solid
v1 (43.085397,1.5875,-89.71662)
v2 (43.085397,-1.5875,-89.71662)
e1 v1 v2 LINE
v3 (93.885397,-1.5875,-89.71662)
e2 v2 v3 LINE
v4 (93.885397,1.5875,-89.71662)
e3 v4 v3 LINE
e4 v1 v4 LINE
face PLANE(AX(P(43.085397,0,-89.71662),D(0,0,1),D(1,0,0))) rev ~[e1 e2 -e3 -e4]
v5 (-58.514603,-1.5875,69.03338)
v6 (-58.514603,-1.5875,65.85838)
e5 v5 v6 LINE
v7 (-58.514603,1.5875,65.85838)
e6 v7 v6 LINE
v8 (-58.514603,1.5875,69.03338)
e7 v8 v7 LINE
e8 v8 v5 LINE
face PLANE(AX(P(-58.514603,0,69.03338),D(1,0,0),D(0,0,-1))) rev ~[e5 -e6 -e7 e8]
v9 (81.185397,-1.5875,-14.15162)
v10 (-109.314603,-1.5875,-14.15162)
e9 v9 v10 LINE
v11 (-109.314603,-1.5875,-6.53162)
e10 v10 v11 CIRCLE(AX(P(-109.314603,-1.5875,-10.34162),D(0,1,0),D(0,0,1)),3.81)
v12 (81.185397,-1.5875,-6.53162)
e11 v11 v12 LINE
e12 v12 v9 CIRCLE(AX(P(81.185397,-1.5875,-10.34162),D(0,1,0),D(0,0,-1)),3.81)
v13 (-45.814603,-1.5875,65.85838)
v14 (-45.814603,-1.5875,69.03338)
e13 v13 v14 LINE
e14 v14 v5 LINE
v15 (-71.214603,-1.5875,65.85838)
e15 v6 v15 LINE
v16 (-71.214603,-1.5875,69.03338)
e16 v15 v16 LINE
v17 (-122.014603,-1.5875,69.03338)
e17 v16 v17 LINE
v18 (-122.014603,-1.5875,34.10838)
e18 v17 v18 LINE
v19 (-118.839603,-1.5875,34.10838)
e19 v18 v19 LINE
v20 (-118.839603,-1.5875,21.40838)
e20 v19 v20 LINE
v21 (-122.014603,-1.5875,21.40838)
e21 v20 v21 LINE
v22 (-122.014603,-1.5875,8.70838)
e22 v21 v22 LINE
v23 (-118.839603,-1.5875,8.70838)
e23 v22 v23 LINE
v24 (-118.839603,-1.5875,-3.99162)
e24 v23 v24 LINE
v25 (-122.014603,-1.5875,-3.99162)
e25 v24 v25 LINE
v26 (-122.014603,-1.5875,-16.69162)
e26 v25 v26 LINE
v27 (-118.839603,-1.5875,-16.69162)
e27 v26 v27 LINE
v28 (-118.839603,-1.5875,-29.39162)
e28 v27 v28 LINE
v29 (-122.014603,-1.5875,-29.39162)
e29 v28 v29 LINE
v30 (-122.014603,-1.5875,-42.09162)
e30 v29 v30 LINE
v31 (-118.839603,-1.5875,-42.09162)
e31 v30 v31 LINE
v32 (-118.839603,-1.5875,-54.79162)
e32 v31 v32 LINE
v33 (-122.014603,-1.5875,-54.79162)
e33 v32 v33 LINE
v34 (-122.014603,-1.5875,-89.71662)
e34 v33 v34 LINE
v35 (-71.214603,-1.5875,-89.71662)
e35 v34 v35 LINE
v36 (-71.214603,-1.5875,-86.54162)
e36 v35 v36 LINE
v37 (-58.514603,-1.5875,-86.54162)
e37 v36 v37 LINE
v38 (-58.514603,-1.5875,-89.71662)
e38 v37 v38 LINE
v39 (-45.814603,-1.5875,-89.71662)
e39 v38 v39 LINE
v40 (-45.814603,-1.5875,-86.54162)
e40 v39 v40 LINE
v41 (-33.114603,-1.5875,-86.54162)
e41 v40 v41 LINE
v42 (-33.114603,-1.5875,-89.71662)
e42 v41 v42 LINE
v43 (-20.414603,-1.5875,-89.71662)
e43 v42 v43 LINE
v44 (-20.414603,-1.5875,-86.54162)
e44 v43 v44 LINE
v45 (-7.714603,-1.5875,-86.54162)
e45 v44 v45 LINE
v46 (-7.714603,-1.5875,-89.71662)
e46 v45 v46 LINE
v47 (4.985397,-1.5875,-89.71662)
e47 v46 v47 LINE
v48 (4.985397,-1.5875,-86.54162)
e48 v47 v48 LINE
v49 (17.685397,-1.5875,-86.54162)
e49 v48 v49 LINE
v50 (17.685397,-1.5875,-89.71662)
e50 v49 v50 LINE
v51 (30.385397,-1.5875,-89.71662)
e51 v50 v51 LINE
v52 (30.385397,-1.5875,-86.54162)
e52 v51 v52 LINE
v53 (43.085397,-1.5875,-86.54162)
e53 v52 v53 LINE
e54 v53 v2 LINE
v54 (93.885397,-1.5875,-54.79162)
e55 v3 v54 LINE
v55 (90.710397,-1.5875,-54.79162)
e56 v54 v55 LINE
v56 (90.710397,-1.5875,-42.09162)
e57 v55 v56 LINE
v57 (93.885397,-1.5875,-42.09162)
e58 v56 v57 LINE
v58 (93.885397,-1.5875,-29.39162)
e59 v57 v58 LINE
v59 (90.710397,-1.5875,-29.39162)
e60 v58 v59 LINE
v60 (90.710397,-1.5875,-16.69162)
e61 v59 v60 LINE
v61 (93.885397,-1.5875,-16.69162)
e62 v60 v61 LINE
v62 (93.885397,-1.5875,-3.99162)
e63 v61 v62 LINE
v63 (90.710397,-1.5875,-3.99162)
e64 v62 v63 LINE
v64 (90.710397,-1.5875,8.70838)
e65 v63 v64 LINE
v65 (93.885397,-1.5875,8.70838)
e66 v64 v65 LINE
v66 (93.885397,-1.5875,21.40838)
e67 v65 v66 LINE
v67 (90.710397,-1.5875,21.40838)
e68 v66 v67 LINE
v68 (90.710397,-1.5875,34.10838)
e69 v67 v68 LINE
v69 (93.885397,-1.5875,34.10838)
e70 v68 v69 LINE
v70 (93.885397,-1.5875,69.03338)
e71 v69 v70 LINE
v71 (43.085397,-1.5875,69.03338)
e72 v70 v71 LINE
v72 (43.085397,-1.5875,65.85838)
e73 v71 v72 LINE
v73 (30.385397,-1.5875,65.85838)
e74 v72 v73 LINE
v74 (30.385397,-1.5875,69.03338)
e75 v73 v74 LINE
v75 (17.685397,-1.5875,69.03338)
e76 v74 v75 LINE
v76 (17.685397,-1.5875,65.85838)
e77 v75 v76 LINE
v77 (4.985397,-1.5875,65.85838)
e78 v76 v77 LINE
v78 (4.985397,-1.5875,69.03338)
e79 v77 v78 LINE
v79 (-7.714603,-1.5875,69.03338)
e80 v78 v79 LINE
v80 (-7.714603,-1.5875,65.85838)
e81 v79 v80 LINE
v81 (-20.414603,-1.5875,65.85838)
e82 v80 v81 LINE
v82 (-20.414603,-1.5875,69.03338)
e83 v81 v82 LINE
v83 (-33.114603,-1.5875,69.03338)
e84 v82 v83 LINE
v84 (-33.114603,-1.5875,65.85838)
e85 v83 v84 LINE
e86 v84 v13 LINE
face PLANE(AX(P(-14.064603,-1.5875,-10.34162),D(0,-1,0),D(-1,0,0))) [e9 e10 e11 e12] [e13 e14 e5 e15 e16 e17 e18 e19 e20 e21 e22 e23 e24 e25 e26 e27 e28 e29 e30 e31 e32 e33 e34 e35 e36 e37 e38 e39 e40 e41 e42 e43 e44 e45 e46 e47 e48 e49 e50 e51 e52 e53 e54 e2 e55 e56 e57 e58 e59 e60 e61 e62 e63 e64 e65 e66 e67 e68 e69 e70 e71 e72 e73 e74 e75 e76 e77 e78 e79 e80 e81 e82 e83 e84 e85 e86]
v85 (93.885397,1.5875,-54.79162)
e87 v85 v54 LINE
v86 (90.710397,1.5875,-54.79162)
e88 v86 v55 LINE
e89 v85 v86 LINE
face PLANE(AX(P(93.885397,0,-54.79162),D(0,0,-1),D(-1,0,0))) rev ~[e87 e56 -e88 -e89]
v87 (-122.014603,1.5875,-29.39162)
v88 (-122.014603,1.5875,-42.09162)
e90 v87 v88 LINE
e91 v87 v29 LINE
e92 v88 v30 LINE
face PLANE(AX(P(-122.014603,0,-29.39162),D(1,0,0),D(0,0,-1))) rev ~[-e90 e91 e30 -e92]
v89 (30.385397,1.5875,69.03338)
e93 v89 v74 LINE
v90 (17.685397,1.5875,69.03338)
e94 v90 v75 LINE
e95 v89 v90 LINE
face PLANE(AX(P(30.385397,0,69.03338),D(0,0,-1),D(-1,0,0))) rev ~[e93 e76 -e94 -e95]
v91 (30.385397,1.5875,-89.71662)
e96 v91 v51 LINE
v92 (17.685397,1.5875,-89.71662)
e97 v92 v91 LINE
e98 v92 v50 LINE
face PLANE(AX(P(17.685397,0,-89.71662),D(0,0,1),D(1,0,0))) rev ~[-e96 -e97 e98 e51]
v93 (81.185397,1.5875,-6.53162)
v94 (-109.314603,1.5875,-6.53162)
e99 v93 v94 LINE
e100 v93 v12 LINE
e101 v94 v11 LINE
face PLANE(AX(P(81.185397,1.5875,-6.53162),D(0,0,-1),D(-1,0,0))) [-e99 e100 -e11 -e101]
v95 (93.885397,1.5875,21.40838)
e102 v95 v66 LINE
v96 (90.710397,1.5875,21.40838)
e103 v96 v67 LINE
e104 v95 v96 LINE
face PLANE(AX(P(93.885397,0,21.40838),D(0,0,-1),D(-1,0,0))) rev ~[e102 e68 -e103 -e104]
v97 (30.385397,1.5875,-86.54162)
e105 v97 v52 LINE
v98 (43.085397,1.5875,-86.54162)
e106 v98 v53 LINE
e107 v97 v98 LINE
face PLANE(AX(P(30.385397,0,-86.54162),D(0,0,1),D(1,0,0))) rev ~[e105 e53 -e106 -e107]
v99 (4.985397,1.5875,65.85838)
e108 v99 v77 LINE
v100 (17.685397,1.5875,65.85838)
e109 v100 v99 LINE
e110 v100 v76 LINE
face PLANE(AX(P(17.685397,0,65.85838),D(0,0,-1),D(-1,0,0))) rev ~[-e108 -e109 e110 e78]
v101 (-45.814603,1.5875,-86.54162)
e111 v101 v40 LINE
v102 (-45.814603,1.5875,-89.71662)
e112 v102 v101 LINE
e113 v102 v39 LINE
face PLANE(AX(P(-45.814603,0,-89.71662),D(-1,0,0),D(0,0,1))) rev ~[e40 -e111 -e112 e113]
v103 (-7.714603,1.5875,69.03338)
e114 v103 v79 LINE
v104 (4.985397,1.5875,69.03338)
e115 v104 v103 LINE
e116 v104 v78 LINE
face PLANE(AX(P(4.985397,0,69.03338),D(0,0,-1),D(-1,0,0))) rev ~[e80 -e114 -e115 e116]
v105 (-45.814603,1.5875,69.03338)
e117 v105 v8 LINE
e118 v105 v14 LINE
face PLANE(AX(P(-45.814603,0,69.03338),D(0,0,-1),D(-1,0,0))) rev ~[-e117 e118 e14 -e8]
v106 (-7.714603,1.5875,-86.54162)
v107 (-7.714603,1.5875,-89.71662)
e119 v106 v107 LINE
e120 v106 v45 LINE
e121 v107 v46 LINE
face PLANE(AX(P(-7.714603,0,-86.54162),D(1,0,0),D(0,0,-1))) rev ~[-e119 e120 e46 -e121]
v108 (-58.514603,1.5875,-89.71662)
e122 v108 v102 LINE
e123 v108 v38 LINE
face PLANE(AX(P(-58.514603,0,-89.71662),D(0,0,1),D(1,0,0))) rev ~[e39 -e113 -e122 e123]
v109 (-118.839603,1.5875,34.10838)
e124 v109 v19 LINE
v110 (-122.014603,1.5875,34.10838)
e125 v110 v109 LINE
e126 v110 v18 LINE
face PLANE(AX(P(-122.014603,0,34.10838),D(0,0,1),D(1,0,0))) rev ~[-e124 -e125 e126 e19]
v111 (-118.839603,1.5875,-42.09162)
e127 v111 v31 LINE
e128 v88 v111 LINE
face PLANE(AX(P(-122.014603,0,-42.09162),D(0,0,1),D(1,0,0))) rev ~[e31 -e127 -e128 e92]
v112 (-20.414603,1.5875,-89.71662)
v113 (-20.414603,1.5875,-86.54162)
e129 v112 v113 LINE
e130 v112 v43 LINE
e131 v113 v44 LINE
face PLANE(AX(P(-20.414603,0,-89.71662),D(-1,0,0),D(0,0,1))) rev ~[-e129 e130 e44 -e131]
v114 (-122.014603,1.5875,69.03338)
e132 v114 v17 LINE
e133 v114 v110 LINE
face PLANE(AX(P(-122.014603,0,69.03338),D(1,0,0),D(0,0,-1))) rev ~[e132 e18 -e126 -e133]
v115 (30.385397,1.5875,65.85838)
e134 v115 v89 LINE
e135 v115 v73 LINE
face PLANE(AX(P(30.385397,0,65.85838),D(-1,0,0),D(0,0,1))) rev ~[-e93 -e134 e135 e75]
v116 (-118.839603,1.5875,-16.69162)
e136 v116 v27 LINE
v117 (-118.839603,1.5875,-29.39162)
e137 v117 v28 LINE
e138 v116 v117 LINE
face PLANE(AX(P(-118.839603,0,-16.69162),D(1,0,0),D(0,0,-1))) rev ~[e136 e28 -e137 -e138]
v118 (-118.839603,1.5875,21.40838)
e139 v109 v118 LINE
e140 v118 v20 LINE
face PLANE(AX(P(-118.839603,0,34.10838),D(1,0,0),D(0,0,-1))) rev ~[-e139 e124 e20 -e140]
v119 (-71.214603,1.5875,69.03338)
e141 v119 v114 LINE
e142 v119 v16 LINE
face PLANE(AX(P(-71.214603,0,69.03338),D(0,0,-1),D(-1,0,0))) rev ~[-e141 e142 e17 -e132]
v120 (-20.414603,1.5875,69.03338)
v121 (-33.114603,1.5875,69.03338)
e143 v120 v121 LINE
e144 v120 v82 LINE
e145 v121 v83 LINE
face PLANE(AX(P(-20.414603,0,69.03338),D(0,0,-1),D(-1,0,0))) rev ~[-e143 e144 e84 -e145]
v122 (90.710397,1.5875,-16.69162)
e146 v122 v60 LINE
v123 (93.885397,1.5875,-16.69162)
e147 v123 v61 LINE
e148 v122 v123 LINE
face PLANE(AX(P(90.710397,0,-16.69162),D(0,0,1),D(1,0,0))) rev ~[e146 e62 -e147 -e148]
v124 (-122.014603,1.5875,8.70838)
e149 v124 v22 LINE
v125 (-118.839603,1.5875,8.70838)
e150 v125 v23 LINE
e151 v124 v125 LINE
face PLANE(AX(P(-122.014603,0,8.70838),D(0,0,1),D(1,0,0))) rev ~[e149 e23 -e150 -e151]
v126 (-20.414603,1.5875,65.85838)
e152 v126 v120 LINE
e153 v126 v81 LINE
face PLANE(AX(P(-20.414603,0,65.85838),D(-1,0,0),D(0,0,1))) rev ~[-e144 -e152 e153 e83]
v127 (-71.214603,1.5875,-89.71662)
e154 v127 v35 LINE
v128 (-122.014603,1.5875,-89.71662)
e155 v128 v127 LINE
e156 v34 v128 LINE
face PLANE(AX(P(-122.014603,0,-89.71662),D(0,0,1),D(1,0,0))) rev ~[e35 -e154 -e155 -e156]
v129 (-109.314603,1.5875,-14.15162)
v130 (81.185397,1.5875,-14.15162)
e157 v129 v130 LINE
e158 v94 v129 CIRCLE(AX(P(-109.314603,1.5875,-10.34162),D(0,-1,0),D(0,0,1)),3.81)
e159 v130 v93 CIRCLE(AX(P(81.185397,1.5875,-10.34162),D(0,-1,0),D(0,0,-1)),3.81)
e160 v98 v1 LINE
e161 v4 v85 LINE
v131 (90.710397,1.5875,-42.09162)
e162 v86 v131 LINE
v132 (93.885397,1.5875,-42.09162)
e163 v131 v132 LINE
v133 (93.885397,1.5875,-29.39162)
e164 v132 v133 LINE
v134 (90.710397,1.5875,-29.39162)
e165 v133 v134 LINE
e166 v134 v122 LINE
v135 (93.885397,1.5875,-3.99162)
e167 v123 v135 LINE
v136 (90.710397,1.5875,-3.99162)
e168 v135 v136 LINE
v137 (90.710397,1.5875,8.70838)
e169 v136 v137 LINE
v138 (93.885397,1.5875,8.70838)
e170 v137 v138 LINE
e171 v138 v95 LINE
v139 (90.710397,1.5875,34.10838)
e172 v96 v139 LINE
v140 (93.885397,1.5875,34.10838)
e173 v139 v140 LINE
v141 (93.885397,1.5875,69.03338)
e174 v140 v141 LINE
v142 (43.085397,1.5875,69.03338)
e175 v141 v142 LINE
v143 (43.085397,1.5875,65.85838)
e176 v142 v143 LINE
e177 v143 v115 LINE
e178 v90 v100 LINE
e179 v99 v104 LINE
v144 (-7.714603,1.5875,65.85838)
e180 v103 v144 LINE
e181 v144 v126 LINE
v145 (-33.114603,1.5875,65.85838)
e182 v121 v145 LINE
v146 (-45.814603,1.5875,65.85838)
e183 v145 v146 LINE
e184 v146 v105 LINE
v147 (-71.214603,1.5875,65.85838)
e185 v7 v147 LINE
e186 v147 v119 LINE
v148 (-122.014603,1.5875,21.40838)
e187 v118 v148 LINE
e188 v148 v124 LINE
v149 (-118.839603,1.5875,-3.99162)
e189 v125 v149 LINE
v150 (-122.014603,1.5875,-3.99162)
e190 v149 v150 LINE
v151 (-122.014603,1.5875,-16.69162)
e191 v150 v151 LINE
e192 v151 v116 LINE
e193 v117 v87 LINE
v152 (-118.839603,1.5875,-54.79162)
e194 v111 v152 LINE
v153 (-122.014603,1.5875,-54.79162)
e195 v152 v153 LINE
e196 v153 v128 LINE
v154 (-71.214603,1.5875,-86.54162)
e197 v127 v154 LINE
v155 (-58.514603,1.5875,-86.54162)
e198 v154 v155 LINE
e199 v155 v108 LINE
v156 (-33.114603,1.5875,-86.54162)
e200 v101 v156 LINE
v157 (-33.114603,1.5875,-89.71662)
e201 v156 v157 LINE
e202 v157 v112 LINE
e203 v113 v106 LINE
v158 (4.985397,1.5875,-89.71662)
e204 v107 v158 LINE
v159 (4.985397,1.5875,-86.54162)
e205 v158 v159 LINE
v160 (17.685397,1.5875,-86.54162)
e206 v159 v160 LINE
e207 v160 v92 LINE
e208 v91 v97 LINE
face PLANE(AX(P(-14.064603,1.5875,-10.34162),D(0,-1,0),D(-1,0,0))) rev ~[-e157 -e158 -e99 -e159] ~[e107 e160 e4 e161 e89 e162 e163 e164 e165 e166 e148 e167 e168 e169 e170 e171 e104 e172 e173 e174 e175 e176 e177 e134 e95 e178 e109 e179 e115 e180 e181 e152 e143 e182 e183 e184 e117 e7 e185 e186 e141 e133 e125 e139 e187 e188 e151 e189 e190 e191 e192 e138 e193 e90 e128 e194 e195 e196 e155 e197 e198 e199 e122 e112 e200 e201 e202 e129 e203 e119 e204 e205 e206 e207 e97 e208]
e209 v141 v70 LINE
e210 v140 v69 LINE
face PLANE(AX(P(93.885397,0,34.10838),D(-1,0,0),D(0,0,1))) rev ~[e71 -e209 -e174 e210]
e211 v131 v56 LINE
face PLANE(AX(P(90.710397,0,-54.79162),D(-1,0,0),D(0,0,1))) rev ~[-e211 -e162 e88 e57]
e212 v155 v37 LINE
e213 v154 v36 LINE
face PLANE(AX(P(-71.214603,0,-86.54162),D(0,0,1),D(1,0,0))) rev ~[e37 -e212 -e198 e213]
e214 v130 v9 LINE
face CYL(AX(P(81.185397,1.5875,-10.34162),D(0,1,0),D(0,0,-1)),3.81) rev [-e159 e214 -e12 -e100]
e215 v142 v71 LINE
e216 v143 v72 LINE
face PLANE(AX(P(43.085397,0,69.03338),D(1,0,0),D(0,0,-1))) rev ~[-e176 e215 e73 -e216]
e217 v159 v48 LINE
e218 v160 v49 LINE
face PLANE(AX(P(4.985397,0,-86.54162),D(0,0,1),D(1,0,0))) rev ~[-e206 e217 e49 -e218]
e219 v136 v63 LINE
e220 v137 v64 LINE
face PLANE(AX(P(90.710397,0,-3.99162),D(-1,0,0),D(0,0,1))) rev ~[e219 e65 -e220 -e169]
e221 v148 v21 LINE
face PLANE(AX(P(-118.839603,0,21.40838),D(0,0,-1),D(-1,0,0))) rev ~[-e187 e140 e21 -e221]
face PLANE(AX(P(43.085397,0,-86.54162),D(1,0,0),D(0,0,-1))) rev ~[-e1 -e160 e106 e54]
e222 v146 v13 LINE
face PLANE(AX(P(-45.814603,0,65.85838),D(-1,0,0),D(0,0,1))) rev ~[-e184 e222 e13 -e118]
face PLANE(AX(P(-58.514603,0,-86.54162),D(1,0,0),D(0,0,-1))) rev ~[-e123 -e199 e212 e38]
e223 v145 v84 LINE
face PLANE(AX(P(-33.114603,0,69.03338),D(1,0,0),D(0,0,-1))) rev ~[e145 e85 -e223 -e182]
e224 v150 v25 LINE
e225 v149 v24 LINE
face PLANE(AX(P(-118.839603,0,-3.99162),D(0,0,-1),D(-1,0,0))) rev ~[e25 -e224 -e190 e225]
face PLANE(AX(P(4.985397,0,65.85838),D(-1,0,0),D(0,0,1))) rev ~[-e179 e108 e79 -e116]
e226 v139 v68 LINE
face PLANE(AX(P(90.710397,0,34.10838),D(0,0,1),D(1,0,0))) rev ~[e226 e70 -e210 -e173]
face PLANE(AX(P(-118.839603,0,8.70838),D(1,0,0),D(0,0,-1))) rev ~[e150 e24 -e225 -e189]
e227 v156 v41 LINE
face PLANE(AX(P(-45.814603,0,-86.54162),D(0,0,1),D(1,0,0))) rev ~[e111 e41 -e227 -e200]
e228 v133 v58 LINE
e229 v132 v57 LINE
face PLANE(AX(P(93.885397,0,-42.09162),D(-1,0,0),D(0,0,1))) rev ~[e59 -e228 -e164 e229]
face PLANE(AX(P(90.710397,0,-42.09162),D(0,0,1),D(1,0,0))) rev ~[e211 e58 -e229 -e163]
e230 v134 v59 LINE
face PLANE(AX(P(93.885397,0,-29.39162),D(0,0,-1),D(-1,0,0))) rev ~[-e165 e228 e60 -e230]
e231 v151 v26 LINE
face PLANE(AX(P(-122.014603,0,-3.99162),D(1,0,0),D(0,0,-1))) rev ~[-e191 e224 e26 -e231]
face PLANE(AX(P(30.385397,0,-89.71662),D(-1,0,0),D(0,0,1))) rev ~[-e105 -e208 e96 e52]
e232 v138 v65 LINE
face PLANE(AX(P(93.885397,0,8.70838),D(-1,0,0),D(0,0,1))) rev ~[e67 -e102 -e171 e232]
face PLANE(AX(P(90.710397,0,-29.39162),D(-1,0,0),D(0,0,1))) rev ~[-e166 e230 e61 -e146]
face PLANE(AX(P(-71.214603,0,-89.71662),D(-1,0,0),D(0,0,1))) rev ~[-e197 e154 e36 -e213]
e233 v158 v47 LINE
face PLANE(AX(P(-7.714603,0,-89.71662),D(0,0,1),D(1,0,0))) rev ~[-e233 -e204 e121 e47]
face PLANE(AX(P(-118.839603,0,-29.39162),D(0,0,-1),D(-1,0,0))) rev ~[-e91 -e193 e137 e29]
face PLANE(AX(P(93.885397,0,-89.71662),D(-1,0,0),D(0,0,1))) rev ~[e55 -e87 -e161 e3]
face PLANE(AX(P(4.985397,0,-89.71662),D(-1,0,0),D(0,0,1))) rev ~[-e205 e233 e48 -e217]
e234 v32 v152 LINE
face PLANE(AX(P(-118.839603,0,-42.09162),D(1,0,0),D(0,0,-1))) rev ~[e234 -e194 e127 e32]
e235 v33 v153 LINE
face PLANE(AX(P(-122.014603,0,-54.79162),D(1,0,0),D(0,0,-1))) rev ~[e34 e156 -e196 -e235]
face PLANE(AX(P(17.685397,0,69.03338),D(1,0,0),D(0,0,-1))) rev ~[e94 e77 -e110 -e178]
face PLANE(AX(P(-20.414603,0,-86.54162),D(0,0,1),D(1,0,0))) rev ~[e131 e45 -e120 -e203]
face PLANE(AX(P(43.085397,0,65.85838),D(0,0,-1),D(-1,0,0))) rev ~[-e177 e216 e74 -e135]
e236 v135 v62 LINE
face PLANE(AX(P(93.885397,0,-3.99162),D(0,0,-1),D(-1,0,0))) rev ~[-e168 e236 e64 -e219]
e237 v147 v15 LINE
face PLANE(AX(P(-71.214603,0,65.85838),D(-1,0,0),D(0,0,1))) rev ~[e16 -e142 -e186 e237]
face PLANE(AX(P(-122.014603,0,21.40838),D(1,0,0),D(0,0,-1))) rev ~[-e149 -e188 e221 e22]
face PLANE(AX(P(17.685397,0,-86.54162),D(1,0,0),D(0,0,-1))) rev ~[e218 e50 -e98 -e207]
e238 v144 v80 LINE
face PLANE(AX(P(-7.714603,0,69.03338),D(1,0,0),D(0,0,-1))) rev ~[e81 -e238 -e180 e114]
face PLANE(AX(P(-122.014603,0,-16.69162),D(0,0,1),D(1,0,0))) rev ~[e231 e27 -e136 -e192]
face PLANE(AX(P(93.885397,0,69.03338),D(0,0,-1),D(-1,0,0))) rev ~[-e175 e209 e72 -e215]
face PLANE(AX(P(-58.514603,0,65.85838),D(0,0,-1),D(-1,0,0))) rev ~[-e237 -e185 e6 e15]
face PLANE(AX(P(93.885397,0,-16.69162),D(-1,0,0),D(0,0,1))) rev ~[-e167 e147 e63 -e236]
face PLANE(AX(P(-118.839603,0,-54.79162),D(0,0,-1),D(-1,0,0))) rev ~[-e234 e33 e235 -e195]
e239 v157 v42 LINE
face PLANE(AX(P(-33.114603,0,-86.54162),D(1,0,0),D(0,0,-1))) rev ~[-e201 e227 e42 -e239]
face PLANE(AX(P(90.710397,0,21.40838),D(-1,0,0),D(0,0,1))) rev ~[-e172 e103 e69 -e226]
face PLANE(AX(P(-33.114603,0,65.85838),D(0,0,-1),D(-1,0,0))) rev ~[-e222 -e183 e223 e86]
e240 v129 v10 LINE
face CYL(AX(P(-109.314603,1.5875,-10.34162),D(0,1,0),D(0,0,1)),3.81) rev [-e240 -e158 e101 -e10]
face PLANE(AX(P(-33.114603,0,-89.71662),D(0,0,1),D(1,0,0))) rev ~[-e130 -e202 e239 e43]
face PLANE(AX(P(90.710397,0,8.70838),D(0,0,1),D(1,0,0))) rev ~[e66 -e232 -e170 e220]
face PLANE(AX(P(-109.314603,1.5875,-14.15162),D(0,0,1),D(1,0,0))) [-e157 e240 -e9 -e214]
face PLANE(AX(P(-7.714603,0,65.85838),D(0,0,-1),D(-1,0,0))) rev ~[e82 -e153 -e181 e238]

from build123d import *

# Parameters (mm, degrees)
BOSS_EXTRUDE1_DEPTH = 1.5875
CUT_EXTRUDE1_DEPTH  = 152.481733807


with BuildPart() as part:
    # Sketch1 → Boss-Extrude1 (new, symmetric)
    with BuildSketch(Plane(origin=(0, 0, 0), x_dir=(1, 0, 0), z_dir=(0, 1, 0))):
        Polygon((-122.014602546, 89.716619519), (-71.214602546, 89.716619519), (-71.214602546, 86.541619519), (-58.514602546, 86.541619519), (-58.514602546, 89.716619519), (-45.814602546, 89.716619519), (-45.814602546, 86.541619519), (-33.114602546, 86.541619519), (-33.114602546, 89.716619519), (-20.414602546, 89.716619519), (-20.414602546, 86.541619519), (-7.714602546, 86.541619519), (-7.714602546, 89.716619519), (4.985397454, 89.716619519), (4.985397454, 86.541619519), (17.685397454, 86.541619519), (17.685397454, 89.716619519), (30.385397454, 89.716619519), (30.385397454, 86.541619519), (43.085397454, 86.541619519), (43.085397454, 89.716619519), (93.885397454, 89.716619519), (93.885397454, 54.791619519), (90.710397454, 54.791619519), (90.710397454, 42.091619519), (93.885397454, 42.091619519), (93.885397454, 29.391619519), (90.710397454, 29.391619519), (90.710397454, 16.691619519), (93.885397454, 16.691619519), (93.885397454, 3.991619519), (90.710397454, 3.991619519), (90.710397454, -8.708380481), (93.885397454, -8.708380481), (93.885397454, -21.408380481), (90.710397454, -21.408380481), (90.710397454, -34.108380481), (93.885397454, -34.108380481), (93.885397454, -69.033380481), (43.085397454, -69.033380481), (43.085397454, -65.858380481), (30.385397454, -65.858380481), (30.385397454, -69.033380481), (17.685397454, -69.033380481), (17.685397454, -65.858380481), (4.985397454, -65.858380481), (4.985397454, -69.033380481), (-7.714602546, -69.033380481), (-7.714602546, -65.858380481), (-20.414602546, -65.858380481), (-20.414602546, -69.033380481), (-33.114602546, -69.033380481), (-33.114602546, -65.858380481), (-45.814602546, -65.858380481), (-45.814602546, -69.033380481), (-58.514602546, -69.033380481), (-58.514602546, -65.858380481), (-71.214602546, -65.858380481), (-71.214602546, -69.033380481), (-122.014602546, -69.033380481), (-122.014602546, -34.108380481), (-118.839602546, -34.108380481), (-118.839602546, -21.408380481), (-122.014602546, -21.408380481), (-122.014602546, -8.708380481), (-118.839602546, -8.708380481), (-118.839602546, 3.991619519), (-122.014602546, 3.991619519), (-122.014602546, 16.691619519), (-118.839602546, 16.691619519), (-118.839602546, 29.391619519), (-122.014602546, 29.391619519), (-122.014602546, 42.091619519), (-118.839602546, 42.091619519), (-118.839602546, 54.791619519), (-122.014602546, 54.791619519), align=None)
    extrude(amount=BOSS_EXTRUDE1_DEPTH, both=True)

    # Sketch2 → Cut-Extrude1 (cut, through all)
    with BuildSketch(Plane(origin=(0, 1.5875, 0), x_dir=(1, 0, 0), z_dir=(0, 1, 0))):
        with BuildLine():
            Line((81.185397454, 6.531619519), (-109.314602546, 6.531619519))
            ThreePointArc((-109.314602546, 6.531619519), (-113.124602546, 10.341619519), (-109.314602546, 14.151619519))
            Line((-109.314602546, 14.151619519), (81.185397454, 14.151619519))
            ThreePointArc((81.185397454, 14.151619519), (84.995397454, 10.341619519), (81.185397454, 6.531619519))
        make_face()
    extrude(amount=-CUT_EXTRUDE1_DEPTH, mode=Mode.SUBTRACT)


solid = part.part
